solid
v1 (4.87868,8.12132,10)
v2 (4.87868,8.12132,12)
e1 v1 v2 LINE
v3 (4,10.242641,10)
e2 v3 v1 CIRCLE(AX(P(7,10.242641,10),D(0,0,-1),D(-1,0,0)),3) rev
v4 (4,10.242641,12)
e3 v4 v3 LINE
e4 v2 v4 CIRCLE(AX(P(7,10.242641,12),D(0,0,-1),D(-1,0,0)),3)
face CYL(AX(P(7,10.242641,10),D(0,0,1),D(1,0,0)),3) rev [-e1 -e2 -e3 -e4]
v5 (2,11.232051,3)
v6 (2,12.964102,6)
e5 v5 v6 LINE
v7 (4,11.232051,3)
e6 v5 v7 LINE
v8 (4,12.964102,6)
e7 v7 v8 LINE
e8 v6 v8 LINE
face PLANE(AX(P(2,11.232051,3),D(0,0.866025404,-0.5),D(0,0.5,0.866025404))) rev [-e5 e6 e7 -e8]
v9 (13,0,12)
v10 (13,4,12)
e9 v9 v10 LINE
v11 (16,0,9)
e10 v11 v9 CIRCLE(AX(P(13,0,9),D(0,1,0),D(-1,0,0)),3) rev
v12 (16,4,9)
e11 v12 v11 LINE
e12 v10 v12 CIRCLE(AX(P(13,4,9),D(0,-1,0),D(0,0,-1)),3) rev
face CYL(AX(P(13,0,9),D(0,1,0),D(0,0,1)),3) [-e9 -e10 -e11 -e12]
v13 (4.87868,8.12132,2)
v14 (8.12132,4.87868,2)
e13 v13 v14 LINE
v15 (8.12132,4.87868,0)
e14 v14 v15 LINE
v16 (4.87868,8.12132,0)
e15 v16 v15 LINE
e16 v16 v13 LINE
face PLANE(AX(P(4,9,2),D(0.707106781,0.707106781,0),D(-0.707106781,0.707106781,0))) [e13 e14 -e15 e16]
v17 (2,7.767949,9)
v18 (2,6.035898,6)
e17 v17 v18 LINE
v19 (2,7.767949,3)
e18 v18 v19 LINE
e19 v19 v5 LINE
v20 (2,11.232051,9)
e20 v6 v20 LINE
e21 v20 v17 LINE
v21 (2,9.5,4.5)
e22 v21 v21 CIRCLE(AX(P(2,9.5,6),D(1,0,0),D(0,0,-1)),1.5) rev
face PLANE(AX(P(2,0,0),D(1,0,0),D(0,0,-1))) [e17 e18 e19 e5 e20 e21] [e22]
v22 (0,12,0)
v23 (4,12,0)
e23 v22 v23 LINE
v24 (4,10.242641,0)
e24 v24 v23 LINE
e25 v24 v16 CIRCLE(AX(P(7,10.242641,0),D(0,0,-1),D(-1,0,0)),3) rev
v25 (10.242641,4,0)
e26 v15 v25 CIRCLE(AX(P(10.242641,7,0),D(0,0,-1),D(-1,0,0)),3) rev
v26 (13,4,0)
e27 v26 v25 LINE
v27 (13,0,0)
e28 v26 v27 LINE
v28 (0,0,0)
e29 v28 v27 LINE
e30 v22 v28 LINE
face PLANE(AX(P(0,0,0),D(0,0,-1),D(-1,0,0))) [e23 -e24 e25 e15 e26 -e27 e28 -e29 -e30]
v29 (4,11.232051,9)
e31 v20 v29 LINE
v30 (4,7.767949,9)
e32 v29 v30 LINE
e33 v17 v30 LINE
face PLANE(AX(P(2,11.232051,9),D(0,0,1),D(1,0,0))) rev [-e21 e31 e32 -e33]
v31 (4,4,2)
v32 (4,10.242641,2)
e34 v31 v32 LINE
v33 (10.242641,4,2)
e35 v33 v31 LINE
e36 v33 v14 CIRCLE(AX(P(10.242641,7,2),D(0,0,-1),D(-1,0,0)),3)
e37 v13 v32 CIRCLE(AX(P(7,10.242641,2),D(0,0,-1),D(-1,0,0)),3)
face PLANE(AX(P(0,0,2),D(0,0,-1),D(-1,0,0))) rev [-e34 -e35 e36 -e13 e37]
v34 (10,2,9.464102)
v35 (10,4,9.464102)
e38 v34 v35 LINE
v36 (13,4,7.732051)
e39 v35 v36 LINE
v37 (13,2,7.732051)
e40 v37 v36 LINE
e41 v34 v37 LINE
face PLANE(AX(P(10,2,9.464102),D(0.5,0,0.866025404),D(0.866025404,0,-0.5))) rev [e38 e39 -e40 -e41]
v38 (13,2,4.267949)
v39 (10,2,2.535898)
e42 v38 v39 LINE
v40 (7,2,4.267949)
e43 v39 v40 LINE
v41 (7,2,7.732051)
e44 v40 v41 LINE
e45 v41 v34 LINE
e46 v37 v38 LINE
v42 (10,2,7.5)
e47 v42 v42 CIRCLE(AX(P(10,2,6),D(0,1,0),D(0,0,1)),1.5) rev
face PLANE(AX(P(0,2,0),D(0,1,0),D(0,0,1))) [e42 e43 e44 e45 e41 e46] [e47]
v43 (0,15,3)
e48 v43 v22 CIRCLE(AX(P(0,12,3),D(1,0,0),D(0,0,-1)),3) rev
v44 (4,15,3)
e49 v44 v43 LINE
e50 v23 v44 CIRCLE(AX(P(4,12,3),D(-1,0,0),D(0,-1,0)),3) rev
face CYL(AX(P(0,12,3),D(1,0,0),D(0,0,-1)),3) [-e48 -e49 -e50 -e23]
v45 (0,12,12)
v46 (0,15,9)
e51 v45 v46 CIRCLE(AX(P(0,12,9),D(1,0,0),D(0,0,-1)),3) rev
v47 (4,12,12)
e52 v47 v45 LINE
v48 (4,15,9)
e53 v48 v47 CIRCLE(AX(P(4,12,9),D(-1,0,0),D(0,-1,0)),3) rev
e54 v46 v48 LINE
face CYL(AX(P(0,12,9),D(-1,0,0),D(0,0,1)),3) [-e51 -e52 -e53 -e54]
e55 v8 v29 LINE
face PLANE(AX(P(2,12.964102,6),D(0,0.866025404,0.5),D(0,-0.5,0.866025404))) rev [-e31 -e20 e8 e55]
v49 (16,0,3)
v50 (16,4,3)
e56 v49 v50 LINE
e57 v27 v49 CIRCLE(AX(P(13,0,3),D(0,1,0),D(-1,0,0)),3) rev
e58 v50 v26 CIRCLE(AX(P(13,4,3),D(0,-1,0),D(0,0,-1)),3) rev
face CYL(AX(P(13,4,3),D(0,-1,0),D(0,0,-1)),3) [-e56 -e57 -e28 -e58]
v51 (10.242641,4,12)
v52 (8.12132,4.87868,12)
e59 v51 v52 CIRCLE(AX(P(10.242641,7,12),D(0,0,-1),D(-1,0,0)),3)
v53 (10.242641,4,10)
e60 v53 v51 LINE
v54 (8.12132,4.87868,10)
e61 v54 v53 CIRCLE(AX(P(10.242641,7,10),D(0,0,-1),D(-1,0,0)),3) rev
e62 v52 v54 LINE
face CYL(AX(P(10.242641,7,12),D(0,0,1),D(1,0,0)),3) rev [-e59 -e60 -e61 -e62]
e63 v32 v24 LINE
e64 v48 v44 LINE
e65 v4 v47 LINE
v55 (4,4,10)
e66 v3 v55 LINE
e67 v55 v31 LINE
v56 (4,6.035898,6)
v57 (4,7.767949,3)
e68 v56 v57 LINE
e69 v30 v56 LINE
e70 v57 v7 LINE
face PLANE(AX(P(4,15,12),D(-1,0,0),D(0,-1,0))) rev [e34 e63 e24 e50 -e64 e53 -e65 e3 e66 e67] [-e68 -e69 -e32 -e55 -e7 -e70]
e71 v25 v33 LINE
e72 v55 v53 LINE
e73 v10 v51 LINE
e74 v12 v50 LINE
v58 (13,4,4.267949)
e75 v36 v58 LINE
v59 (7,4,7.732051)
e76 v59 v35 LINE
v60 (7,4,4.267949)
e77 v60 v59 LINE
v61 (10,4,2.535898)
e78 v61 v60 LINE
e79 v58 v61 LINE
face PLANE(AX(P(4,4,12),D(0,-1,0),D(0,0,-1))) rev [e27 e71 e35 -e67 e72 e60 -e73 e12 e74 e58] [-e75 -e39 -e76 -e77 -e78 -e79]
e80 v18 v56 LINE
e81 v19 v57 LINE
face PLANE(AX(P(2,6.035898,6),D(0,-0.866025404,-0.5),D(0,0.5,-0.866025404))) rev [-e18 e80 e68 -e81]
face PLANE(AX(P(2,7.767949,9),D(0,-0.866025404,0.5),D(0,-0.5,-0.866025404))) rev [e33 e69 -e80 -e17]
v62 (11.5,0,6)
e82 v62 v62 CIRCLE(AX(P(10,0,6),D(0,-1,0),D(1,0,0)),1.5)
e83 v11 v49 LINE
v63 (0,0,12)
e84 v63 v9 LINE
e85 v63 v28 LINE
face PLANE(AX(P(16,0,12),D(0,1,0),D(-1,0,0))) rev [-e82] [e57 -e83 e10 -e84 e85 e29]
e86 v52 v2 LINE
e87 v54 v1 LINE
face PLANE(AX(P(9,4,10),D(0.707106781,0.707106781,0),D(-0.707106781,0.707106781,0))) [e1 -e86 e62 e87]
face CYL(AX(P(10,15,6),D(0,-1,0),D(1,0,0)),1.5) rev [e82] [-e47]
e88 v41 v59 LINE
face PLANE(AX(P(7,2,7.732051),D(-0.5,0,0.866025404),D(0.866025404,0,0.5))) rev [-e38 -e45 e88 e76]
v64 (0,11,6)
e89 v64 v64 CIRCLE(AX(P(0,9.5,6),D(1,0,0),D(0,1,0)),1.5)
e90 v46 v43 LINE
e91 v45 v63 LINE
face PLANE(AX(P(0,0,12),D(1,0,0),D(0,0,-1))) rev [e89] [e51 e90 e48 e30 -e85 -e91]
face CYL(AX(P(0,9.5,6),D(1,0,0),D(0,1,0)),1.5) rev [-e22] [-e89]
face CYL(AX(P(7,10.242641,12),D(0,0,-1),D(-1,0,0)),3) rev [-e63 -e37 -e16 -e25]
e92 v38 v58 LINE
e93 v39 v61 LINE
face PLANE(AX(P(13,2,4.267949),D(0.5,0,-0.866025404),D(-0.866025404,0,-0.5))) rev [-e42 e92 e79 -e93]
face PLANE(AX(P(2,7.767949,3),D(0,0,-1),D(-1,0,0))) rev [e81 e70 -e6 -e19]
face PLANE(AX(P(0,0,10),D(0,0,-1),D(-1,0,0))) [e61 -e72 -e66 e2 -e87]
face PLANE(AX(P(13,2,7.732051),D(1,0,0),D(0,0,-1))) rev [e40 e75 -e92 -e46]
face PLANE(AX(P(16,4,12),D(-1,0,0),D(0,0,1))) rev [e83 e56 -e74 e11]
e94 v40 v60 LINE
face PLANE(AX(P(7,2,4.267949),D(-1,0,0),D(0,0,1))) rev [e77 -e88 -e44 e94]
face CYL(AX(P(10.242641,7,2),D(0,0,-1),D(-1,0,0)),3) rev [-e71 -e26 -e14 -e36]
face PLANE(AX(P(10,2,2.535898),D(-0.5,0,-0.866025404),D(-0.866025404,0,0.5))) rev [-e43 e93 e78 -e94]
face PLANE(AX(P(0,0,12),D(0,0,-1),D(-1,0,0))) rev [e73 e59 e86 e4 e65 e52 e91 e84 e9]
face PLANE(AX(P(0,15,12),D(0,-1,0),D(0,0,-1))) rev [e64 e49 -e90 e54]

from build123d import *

# Parameters (mm, degrees)
BOSS_EXTRUDE1_DEPTH = 12
SKETCH2_R           = 1.5
CUT_EXTRUDE1_DEPTH  = 23.649503306
CUT_EXTRUDE2_DEPTH  = 2
SKETCH4_R           = 1.5
CUT_EXTRUDE3_DEPTH  = 26
CUT_EXTRUDE4_DEPTH  = 2
BOSS_EXTRUDE2_DEPTH = 2
BOSS_EXTRUDE3_DEPTH = 2
FILLET1_R           = 3


with BuildPart() as part:
    # Sketch1 → Boss-Extrude1 (new body)
    with BuildSketch(Plane.XY):
        Polygon((0, 0), (0, 15), (4, 15), (4, 4), (16, 4), (16, 0), align=None)
    extrude(amount=BOSS_EXTRUDE1_DEPTH)

    # Sketch2 → Cut-Extrude1 (cut, through all)
    with BuildSketch(Plane(origin=(4, 0, 0), x_dir=(0, 0, -1), z_dir=(1, 0, 0))):
        with Locations(Location((-6, 9.5, 0), (0, 0, 90))):
            Circle(SKETCH2_R)
    extrude(amount=-CUT_EXTRUDE1_DEPTH, mode=Mode.SUBTRACT)

    # Sketch3 → Cut-Extrude2 (cut)
    with BuildSketch(Plane(origin=(4, 0, 0), x_dir=(0, 0, -1), z_dir=(1, 0, 0))):
        Polygon((-6, 12.964101615), (-9, 11.232050808), (-9, 7.767949192), (-6, 6.035898385), (-3, 7.767949192), (-3, 11.232050808), align=None)
    extrude(amount=-CUT_EXTRUDE2_DEPTH, mode=Mode.SUBTRACT)

    # Sketch4 → Cut-Extrude3 (cut, through all)
    with BuildSketch(Plane.XZ):
        with Locations((10, 6)):
            Circle(SKETCH4_R)
    extrude(amount=-CUT_EXTRUDE3_DEPTH, mode=Mode.SUBTRACT)

    # Sketch5 → Cut-Extrude4 (cut)
    with BuildSketch(Plane(origin=(0, 4, 0), x_dir=(1, 0, 0), z_dir=(0, 1, 0))):
        Polygon((10, -9.464101615), (13, -7.732050808), (13, -4.267949192), (10, -2.535898385), (7, -4.267949192), (7, -7.732050808), align=None)
    extrude(amount=-CUT_EXTRUDE4_DEPTH, mode=Mode.SUBTRACT)

    # Sketch6 → Boss-Extrude2 (add)
    with BuildSketch(Plane(origin=(0, 0, 0), x_dir=(-1, 0, 0), z_dir=(0, 0, -1))):
        Polygon((-4, 4), (-4, 9), (-9, 4), align=None)
    extrude(amount=-BOSS_EXTRUDE2_DEPTH)

    # Sketch7 → Boss-Extrude3 (add)
    with BuildSketch(Plane.XY.offset(12)):
        Polygon((4, 9), (4, 4), (9, 4), align=None)
    extrude(amount=-BOSS_EXTRUDE3_DEPTH)

    # Fillet1
    fillet1_edges = [part.edges().sort_by_distance(p)[0] for p in [
        (2, 15, 12),
        (2, 15, 0),
        (16, 2, 12),
        (9, 4, 1),
        (4, 9, 1),
        (16, 2, 0),
        (9, 4, 11),
        (4, 9, 11),
    ]]
    fillet(fillet1_edges, radius=FILLET1_R)


solid = part.part
